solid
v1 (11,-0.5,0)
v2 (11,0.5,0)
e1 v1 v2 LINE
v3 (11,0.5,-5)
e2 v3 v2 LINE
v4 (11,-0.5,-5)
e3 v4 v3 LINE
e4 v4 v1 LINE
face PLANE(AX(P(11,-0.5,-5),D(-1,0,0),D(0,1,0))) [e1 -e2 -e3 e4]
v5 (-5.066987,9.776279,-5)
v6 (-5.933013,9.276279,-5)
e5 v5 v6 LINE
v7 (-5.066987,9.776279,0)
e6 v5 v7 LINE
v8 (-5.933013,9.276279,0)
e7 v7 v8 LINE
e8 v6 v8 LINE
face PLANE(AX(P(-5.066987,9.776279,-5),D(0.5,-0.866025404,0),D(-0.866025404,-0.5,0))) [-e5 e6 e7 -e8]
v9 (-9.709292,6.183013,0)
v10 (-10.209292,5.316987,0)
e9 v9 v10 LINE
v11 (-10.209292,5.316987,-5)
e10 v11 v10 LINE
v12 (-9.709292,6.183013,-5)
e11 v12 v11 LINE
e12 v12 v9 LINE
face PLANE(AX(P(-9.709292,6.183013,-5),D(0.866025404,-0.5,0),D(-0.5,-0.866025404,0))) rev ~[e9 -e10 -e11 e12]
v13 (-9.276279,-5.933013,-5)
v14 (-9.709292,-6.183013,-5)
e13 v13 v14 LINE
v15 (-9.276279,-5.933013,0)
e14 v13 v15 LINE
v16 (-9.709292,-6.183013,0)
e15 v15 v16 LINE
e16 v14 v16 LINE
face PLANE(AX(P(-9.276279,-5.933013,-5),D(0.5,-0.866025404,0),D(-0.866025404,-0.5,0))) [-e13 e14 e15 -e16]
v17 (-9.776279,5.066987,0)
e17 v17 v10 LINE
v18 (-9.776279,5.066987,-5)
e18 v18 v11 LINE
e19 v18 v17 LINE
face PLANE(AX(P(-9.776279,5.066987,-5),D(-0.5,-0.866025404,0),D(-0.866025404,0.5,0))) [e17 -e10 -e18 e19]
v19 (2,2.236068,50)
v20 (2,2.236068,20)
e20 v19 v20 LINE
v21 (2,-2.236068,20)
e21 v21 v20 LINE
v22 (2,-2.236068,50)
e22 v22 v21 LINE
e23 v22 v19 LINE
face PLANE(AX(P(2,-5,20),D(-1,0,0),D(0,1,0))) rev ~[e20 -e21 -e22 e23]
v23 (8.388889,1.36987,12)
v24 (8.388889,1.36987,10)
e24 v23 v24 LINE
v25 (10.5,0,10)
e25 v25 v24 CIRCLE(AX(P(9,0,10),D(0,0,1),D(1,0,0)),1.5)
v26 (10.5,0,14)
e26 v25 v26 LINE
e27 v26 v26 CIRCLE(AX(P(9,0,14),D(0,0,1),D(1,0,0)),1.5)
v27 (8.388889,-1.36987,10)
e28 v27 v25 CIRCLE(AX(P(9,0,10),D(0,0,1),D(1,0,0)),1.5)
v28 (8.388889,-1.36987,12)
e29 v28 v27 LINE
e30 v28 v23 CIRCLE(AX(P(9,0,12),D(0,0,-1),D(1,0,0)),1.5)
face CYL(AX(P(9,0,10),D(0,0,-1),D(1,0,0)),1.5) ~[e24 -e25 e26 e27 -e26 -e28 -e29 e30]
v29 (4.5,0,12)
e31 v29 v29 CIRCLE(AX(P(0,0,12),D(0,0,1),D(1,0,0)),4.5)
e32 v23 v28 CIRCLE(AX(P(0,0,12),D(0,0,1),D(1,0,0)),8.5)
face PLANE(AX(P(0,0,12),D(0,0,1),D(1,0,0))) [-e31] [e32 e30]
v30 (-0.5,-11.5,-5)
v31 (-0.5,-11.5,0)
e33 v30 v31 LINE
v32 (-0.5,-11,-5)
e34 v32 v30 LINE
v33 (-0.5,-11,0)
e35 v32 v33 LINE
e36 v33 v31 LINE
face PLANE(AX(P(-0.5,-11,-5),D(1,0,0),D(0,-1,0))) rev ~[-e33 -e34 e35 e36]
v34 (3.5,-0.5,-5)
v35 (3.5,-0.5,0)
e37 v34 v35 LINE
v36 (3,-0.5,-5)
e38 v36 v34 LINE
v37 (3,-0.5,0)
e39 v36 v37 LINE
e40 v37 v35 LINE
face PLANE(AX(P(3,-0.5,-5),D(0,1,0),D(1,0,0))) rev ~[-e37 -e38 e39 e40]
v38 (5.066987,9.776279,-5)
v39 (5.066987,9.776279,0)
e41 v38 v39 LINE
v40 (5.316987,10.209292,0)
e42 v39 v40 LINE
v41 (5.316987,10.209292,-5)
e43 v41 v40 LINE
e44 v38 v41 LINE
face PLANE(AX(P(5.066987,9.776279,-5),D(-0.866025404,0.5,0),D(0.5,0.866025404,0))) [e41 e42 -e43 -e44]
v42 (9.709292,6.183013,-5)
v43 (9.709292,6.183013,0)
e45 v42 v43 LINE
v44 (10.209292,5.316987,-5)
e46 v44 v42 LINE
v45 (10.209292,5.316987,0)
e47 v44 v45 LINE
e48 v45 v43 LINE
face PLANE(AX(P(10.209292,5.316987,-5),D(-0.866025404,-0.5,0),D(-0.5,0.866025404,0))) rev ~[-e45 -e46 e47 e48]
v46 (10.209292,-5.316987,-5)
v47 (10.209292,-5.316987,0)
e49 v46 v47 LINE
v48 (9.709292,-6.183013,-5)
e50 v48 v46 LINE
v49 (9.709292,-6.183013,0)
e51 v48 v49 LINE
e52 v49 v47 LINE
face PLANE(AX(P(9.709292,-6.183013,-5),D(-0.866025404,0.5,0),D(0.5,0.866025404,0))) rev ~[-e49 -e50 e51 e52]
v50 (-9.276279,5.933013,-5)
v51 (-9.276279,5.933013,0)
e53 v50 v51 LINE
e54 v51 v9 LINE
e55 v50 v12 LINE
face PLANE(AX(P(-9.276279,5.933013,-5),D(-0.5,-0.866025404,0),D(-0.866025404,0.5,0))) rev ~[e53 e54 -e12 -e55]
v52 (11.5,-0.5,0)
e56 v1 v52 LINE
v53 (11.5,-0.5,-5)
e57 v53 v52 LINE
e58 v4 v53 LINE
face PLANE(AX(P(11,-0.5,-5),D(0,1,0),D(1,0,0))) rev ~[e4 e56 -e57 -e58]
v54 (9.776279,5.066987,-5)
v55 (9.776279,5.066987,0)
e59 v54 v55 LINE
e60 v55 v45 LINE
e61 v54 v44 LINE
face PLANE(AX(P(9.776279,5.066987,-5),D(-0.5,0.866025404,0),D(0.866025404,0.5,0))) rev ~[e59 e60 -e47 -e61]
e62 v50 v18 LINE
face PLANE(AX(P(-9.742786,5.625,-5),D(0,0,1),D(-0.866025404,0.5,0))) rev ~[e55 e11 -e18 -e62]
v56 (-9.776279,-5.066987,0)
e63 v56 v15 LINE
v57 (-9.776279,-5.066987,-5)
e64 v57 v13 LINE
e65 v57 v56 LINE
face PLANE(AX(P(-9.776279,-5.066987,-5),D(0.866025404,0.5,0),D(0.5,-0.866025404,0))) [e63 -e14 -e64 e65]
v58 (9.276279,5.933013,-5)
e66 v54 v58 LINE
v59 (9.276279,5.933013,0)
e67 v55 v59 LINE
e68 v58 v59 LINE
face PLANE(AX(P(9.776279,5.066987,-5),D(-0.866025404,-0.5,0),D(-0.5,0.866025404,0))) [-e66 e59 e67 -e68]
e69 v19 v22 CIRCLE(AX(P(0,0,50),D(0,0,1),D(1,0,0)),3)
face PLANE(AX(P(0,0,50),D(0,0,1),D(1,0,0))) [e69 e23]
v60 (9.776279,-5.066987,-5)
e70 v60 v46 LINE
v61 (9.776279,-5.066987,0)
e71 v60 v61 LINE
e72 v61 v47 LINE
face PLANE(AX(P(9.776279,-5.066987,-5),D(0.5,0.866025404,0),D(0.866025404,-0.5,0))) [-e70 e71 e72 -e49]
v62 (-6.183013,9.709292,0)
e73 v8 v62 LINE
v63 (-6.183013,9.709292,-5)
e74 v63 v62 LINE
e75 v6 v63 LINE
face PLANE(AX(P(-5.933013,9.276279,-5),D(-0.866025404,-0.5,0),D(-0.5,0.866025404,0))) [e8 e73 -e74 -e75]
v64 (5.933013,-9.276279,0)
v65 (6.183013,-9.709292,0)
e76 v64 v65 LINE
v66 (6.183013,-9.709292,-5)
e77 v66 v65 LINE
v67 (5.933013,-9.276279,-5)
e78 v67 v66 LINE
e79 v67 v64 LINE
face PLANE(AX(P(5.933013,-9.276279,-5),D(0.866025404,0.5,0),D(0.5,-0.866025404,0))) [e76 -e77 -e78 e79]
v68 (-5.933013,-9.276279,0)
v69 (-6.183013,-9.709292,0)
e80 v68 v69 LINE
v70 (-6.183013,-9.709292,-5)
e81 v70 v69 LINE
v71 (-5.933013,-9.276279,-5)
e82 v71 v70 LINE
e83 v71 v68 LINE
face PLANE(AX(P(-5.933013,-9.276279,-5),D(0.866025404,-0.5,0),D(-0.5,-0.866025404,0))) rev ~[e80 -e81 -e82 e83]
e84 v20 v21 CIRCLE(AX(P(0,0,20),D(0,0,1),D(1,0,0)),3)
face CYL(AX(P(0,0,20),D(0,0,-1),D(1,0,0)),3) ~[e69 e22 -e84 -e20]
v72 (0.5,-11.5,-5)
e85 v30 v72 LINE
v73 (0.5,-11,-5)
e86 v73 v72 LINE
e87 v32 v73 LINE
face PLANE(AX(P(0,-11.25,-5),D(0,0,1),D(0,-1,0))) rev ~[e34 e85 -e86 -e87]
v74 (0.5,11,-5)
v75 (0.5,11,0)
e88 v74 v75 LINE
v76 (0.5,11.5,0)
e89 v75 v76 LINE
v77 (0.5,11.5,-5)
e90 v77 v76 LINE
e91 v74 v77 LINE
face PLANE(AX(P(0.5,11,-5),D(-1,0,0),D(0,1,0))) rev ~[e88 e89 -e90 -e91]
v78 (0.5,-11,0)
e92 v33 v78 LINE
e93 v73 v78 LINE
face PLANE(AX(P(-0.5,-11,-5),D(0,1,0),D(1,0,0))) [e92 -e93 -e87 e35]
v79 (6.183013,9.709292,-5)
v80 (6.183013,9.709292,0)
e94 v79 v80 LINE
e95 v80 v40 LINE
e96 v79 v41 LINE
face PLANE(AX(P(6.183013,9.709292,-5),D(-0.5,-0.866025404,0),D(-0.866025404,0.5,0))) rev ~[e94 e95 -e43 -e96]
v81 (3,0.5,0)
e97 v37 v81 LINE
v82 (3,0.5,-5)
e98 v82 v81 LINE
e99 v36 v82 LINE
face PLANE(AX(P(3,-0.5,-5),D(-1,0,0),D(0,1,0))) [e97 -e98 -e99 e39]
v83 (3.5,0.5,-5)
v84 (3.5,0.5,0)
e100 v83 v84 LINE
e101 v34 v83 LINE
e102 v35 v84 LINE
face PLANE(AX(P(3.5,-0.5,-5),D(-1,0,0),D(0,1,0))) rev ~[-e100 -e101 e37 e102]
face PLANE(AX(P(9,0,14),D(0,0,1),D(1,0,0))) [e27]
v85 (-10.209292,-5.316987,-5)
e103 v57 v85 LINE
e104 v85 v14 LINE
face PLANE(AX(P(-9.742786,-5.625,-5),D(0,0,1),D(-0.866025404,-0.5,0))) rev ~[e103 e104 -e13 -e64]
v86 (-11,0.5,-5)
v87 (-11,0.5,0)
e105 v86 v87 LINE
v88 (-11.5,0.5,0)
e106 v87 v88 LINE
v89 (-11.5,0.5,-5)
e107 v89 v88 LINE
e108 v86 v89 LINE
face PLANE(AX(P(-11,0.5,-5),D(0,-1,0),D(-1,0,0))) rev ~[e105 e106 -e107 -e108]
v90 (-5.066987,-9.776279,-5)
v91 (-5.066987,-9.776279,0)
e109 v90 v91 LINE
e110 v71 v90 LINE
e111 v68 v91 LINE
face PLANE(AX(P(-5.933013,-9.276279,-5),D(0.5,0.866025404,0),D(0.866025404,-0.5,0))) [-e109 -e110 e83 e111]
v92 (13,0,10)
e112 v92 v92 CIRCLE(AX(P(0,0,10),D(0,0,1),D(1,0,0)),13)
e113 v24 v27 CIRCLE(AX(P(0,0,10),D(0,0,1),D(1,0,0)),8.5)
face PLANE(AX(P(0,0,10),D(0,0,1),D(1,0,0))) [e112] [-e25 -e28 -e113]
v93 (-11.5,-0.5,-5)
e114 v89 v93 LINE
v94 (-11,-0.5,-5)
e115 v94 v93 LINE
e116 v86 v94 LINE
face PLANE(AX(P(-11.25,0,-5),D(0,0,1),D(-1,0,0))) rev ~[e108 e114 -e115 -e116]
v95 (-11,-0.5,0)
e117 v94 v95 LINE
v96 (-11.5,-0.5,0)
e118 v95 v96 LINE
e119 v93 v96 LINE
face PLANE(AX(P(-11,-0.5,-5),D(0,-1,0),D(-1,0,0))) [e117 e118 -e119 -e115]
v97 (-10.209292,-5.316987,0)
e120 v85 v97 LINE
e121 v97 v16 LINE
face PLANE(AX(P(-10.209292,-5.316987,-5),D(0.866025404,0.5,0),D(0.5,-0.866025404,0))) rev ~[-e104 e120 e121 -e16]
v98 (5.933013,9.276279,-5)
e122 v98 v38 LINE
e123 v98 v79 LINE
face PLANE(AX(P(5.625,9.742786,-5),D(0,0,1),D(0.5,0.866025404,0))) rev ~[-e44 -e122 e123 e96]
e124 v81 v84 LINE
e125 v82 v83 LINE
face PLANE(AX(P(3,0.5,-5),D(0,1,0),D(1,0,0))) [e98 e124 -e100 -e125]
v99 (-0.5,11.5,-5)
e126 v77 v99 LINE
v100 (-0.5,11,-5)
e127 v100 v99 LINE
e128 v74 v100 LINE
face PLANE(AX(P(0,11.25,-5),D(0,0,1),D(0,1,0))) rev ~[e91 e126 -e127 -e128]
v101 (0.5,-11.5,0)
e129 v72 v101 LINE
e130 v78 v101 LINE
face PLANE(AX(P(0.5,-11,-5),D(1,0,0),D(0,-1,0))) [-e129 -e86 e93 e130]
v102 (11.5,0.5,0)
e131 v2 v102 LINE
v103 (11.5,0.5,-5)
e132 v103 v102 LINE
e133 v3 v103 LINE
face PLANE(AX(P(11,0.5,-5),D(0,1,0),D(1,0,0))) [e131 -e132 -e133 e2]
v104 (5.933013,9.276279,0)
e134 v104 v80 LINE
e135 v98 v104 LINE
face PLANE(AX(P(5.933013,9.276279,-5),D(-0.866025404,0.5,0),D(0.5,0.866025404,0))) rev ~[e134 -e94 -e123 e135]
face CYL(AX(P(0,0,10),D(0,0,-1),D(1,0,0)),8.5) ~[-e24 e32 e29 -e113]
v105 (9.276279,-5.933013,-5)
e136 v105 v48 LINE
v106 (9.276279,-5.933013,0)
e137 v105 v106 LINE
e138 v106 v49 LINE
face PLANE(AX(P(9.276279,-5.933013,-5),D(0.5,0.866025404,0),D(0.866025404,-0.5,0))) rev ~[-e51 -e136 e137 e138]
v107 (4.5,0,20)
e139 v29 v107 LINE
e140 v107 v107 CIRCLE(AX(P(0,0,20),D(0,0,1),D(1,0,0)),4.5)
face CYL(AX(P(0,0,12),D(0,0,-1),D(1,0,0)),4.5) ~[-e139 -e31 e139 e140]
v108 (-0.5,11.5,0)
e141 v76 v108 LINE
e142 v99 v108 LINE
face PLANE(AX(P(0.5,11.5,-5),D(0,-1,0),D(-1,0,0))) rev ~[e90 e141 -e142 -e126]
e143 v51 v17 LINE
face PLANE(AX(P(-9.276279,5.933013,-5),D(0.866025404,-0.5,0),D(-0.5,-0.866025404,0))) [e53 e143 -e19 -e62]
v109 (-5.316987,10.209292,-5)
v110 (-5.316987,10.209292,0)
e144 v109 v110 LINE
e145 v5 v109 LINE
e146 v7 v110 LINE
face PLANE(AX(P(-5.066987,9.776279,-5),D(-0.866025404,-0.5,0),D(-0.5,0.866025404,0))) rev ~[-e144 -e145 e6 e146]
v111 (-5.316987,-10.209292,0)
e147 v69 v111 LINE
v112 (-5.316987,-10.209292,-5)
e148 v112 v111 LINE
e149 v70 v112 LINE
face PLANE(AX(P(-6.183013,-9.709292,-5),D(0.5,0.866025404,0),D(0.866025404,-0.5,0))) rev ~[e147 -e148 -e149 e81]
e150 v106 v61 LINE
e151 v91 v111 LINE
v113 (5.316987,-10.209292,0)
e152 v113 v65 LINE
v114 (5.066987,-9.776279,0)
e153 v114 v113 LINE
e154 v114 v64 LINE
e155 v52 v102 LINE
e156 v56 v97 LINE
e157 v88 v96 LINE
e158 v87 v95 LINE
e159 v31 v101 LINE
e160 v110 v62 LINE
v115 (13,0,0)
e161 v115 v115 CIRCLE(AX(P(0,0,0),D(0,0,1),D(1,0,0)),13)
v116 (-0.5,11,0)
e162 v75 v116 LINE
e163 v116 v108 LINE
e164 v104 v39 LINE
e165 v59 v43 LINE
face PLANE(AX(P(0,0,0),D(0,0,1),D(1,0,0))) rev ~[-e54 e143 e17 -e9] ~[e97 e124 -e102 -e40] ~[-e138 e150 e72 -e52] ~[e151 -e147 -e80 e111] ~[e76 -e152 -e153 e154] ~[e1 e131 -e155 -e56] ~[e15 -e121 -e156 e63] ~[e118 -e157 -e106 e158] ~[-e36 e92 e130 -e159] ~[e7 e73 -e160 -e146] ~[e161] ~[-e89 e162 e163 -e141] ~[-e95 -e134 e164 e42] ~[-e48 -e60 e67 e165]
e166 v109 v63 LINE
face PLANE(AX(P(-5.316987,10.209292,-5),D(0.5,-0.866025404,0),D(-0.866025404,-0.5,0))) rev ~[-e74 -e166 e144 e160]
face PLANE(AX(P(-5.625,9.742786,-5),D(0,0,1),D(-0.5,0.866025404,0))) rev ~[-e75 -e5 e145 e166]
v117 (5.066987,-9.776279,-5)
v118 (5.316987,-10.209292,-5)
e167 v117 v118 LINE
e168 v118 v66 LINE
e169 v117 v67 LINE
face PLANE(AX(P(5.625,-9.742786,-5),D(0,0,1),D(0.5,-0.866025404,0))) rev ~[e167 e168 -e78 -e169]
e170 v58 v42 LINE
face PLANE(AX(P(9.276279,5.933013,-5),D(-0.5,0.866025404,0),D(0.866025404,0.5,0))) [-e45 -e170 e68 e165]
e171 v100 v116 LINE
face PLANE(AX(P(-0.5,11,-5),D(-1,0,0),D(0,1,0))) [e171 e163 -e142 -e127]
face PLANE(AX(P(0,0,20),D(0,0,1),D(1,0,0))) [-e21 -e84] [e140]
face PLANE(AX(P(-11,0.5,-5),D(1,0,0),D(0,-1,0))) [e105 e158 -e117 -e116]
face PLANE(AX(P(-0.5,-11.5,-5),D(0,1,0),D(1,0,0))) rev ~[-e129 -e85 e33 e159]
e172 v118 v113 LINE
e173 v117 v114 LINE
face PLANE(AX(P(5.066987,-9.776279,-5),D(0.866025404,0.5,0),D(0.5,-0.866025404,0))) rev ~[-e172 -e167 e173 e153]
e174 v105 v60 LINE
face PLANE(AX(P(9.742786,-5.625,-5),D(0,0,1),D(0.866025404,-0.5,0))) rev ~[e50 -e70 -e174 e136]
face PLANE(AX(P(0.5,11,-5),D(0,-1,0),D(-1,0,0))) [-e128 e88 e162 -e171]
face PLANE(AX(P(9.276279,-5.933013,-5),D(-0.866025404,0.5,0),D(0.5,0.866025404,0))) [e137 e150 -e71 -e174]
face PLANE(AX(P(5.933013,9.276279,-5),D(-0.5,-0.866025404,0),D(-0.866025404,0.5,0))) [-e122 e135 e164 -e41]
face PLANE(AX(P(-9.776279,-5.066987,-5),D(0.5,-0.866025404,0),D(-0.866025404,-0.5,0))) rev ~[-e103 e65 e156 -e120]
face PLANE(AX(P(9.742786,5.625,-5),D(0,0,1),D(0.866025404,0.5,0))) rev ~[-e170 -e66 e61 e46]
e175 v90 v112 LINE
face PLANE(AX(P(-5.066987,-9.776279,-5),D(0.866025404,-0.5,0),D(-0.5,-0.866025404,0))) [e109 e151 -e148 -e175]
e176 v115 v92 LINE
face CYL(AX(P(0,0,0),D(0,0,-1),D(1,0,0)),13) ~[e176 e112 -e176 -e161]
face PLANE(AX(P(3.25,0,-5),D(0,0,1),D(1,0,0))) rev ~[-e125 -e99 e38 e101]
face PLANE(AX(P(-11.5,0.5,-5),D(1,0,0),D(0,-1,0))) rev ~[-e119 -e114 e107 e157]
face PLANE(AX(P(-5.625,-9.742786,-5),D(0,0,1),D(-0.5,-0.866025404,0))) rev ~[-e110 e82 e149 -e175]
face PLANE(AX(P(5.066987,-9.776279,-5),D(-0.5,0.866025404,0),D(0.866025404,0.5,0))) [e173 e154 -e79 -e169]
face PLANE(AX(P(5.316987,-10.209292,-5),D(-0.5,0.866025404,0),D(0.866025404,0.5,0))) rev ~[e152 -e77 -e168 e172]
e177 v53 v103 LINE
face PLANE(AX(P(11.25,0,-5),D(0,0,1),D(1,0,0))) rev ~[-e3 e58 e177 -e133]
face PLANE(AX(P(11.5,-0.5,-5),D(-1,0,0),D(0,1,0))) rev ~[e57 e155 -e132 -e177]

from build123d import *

# Parameters (mm, degrees)
CYLINDER001_R     = 8.5
CYLINDER001_DEPTH = 2
BOX_W             = 0.5
BOX_H             = 1
BOX_DEPTH         = 5
ARRAY_COUNT       = 12
BOX001_W          = 0.5
BOX001_H          = 1
BOX001_DEPTH      = 5
CYLINDER002_R     = 4.5
CYLINDER002_DEPTH = 8
CYLINDER004_R     = 1.5
CYLINDER004_DEPTH = 4
BOX002_W          = 1
BOX002_H          = 10
BOX002_DEPTH      = 30
CYLINDER003_R     = 3
CYLINDER003_DEPTH = 30
CYLINDER_R        = 13
CYLINDER_DEPTH    = 10


with BuildPart() as cylinder001:
    # Cylinder001 → Cylinder001 (new body)
    with BuildSketch(Plane.XY.offset(10)):
        Circle(CYLINDER001_R)
    extrude(amount=CYLINDER001_DEPTH)


with BuildPart() as pin_array:
    # Box → Box (new body)
    with BuildSketch(Plane(origin=(11, -0.5, -5), x_dir=(1, 0, 0), z_dir=(0, 0, 1))):
        with Locations((0.25, 0.5)):
            Rectangle(BOX_W, BOX_H)
    extrude(amount=BOX_DEPTH)

    # Array: Pin array ×12 about axis
    array_axis = Axis((0, 0, 0), (0, 0, 1))


with BuildPart() as pin_array_1:
    add(pin_array.part)
    for i in range(1, ARRAY_COUNT):
        add(pin_array.part.rotate(array_axis, i * 360 / ARRAY_COUNT))


with BuildPart() as pin_central:
    # Box001 → Box001 (new body)
    with BuildSketch(Plane(origin=(3, -0.5, -5), x_dir=(1, 0, 0), z_dir=(0, 0, 1))):
        with Locations((0.25, 0.5)):
            Rectangle(BOX001_W, BOX001_H)
    extrude(amount=BOX001_DEPTH)


with BuildPart() as cylinder002:
    # Cylinder002 → Cylinder002 (new body)
    with BuildSketch(Plane.XY.offset(12)):
        Circle(CYLINDER002_R)
    extrude(amount=CYLINDER002_DEPTH)


with BuildPart() as cylinder004:
    # Cylinder004 → Cylinder004 (new body)
    with BuildSketch(Plane(origin=(9, 0, 10), x_dir=(1, 0, 0), z_dir=(0, 0, 1))):
        Circle(CYLINDER004_R)
    extrude(amount=CYLINDER004_DEPTH)


with BuildPart() as recorte:
    # Box002 → Box002 (new body)
    with BuildSketch(Plane(origin=(2, -5, 20), x_dir=(1, 0, 0), z_dir=(0, 0, 1))):
        with Locations((0.5, 5)):
            Rectangle(BOX002_W, BOX002_H)
    extrude(amount=BOX002_DEPTH)


with BuildPart() as cuerpo_4_recortado:
    # Cylinder003 → Cylinder003 (new body)
    with BuildSketch(Plane.XY.offset(20)):
        Circle(CYLINDER003_R)
    extrude(amount=CYLINDER003_DEPTH)

    # Cut: cut Recorte
    add(recorte.part, mode=Mode.SUBTRACT)


with BuildPart() as selector_final:
    # Cylinder → Cylinder (new body)
    with BuildSketch(Plane.XY):
        Circle(CYLINDER_R)
    extrude(amount=CYLINDER_DEPTH)

    # Fusion: union Cylinder001, Pin array, Pin central, Cylinder002, Cylinder004, Cuerpo 4 recortado
    add(cylinder001.part)
    add(pin_array_1.part)
    add(pin_central.part)
    add(cylinder002.part)
    add(cylinder004.part)
    add(cuerpo_4_recortado.part)


solid = selector_final.part
